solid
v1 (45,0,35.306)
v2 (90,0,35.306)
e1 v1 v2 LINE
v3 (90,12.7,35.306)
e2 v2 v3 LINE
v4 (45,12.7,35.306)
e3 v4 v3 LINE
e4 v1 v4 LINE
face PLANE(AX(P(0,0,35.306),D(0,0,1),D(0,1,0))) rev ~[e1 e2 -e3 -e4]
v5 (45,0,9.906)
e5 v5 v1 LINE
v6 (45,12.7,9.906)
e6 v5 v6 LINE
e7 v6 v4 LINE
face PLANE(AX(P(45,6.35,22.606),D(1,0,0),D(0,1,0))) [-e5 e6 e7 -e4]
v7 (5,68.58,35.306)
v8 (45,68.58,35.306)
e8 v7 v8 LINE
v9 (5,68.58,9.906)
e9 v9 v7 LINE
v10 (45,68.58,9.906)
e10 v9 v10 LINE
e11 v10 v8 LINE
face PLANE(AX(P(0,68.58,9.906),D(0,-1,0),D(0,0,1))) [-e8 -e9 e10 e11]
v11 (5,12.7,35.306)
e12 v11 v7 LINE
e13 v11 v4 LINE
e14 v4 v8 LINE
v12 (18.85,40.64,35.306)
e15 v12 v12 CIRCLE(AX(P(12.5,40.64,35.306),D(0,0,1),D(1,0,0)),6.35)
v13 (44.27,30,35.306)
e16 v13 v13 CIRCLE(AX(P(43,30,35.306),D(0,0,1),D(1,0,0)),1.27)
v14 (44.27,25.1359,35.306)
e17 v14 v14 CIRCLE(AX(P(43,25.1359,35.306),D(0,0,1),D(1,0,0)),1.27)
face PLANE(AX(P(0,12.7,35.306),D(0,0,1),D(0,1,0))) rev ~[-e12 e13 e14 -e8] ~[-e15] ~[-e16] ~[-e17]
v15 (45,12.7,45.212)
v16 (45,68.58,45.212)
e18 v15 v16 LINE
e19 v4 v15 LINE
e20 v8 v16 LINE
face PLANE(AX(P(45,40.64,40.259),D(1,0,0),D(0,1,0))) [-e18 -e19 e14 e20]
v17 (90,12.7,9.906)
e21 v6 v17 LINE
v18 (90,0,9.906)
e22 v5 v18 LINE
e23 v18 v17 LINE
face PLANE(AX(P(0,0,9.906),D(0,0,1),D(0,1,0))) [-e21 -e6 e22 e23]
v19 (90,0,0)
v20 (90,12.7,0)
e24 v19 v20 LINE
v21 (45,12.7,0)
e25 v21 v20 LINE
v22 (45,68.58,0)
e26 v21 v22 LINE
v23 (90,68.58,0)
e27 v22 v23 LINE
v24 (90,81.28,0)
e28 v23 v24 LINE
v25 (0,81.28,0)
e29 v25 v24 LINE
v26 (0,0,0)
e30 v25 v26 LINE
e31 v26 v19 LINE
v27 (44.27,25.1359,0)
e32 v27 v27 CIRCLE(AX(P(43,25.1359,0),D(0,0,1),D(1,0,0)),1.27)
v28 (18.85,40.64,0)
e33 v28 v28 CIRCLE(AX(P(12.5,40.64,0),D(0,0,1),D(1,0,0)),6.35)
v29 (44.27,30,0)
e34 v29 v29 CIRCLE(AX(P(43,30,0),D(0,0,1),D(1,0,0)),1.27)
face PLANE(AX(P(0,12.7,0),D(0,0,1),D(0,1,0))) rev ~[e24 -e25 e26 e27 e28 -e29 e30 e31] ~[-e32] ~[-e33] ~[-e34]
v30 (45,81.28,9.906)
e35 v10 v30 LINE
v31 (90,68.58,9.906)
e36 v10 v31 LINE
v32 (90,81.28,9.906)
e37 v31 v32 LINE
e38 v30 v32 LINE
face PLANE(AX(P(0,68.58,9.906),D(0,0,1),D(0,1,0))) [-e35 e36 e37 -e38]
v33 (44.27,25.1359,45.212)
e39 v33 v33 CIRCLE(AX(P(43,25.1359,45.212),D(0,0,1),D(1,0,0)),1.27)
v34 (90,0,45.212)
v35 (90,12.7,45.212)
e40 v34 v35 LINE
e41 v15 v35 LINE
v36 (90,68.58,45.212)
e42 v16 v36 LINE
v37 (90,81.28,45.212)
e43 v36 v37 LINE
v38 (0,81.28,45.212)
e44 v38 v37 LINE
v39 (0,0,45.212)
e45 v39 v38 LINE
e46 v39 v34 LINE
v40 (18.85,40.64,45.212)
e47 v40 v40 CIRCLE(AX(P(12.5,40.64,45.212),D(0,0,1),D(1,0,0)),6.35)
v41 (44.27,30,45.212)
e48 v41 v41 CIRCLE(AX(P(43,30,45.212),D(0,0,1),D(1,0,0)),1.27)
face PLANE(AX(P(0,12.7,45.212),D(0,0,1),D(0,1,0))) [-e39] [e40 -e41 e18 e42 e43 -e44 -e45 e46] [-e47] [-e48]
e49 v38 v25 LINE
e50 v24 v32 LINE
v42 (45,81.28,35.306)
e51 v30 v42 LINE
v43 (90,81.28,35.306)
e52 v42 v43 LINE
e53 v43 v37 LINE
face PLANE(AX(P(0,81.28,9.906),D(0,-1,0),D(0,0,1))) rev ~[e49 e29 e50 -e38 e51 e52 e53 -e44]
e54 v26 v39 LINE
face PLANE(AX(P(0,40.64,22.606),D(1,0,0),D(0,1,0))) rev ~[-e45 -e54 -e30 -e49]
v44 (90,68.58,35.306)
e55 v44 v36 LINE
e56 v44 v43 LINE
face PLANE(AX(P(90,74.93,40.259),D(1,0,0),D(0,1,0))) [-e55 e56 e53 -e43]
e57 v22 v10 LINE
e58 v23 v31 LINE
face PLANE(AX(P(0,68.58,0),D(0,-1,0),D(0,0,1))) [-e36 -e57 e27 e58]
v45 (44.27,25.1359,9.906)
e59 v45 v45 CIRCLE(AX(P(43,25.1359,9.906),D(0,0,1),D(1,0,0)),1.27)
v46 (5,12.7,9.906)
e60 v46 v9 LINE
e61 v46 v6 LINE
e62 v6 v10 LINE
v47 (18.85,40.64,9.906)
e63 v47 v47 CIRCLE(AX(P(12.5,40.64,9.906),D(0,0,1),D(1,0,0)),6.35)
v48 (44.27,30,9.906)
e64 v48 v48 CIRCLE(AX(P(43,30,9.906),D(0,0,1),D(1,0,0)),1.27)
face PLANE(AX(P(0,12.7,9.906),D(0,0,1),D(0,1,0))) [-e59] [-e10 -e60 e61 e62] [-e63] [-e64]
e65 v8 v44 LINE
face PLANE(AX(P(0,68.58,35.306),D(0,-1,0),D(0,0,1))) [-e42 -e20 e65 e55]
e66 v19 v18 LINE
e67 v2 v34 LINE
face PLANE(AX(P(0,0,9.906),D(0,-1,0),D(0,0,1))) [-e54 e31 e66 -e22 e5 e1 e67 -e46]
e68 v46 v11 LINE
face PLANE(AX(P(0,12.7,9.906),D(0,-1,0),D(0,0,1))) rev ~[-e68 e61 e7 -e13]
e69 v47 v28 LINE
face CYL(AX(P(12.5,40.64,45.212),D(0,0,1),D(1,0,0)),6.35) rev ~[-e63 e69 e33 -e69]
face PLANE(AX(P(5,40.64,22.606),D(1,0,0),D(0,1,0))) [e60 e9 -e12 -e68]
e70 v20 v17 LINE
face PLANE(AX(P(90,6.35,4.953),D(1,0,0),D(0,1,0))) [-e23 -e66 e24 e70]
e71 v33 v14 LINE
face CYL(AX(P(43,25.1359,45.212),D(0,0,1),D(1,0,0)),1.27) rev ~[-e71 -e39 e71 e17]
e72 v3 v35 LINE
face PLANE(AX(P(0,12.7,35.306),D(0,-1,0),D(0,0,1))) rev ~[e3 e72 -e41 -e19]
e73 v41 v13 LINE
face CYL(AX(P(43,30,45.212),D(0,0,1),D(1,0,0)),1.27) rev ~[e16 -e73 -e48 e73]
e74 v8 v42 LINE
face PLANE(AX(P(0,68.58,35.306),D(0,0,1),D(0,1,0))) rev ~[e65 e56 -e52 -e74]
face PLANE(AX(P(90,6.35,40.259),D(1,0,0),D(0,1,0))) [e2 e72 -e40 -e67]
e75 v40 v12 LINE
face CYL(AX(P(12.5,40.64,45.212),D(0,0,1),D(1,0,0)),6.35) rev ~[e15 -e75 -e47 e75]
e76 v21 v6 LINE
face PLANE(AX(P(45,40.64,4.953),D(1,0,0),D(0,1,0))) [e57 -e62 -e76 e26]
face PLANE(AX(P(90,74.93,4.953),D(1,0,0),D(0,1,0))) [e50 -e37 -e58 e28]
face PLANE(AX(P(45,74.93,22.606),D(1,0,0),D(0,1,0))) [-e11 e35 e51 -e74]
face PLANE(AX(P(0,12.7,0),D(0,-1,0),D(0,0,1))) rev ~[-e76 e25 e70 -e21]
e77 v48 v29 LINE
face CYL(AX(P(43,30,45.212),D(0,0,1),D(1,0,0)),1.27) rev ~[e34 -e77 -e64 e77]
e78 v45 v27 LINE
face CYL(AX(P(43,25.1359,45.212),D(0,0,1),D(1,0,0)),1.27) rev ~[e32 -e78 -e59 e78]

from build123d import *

# Parameters (mm, degrees)
SKETCH1_W             = 12.7
SKETCH1_H             = 9.906
BOSS_EXTRUDE1_DEPTH   = 90
BOSS_EXTRUDE1_2_DEPTH = 90
BOSS_EXTRUDE1_3_DEPTH = 90
BOSS_EXTRUDE1_4_DEPTH = 90
SKETCH1_4_W           = 55.88
SKETCH1_4_H           = 9.906
SKETCH1_4_W_2         = 12.7
SKETCH1_4_H_2         = 25.4
BOSS_EXTRUDE2_DEPTH   = 45
SKETCH1_5_W           = 55.88
SKETCH1_5_H           = 25.4
BOSS_EXTRUDE3_DEPTH   = 5
SKETCH3_R             = 1.27
SKETCH3_R_2           = 6.35
CUT_EXTRUDE1_DEPTH    = 130.423967425


with BuildPart() as part:
    # Sketch1 → Boss-Extrude1 (new body)
    with BuildSketch(Plane.YZ):
        with Locations((6.35, 40.259)):
            Rectangle(SKETCH1_W, SKETCH1_H)
    extrude(amount=BOSS_EXTRUDE1_DEPTH)



with BuildPart() as body_2:
    # Sketch1 → Boss-Extrude1 2 (new body)
    with BuildSketch(Plane.YZ):
        with Locations((74.93, 40.259)):
            Rectangle(SKETCH1_W, SKETCH1_H)
    extrude(amount=BOSS_EXTRUDE1_2_DEPTH)


with BuildPart() as body_3:
    # Sketch1 → Boss-Extrude1 3 (new body)
    with BuildSketch(Plane.YZ):
        with Locations((6.35, 4.953)):
            Rectangle(SKETCH1_W, SKETCH1_H)
    extrude(amount=BOSS_EXTRUDE1_3_DEPTH)


with BuildPart() as body_4:
    # Sketch1 → Boss-Extrude1 4 (new body)
    with BuildSketch(Plane.YZ):
        with Locations((74.93, 4.953)):
            Rectangle(SKETCH1_W, SKETCH1_H)
    extrude(amount=BOSS_EXTRUDE1_4_DEPTH)


with BuildPart() as part_1:
    add(part.part)

    add(body_2.part)  # Boss-Extrude2 merges body 2

    add(body_3.part)  # Boss-Extrude2 merges body 3

    add(body_4.part)  # Boss-Extrude2 merges body 4
    # Sketch1<4> → Boss-Extrude2 (add)
    with BuildSketch(Plane.YZ):
        with Locations((40.64, 40.259)):
            Rectangle(SKETCH1_4_W, SKETCH1_4_H)
        with Locations((6.35, 22.606)):
            Rectangle(SKETCH1_4_W_2, SKETCH1_4_H_2)
        with Locations((40.64, 4.953)):
            Rectangle(SKETCH1_4_W, SKETCH1_4_H)
        with Locations((74.93, 22.606)):
            Rectangle(SKETCH1_4_W_2, SKETCH1_4_H_2)
    extrude(amount=BOSS_EXTRUDE2_DEPTH)

    # Sketch1<5> → Boss-Extrude3 (add)
    with BuildSketch(Plane.YZ):
        with Locations((40.64, 22.606)):
            Rectangle(SKETCH1_5_W, SKETCH1_5_H)
    extrude(amount=BOSS_EXTRUDE3_DEPTH)

    # Sketch3 → Cut-Extrude1 (cut, through all)
    with BuildSketch(Plane.XY.offset(45.212)):
        with Locations((43, 30)):
            Circle(SKETCH3_R)
        with Locations((43, 25.1359)):
            Circle(SKETCH3_R)
        with Locations((12.5, 40.64)):
            Circle(SKETCH3_R_2)
    extrude(amount=-CUT_EXTRUDE1_DEPTH, mode=Mode.SUBTRACT)


solid = part_1.part
